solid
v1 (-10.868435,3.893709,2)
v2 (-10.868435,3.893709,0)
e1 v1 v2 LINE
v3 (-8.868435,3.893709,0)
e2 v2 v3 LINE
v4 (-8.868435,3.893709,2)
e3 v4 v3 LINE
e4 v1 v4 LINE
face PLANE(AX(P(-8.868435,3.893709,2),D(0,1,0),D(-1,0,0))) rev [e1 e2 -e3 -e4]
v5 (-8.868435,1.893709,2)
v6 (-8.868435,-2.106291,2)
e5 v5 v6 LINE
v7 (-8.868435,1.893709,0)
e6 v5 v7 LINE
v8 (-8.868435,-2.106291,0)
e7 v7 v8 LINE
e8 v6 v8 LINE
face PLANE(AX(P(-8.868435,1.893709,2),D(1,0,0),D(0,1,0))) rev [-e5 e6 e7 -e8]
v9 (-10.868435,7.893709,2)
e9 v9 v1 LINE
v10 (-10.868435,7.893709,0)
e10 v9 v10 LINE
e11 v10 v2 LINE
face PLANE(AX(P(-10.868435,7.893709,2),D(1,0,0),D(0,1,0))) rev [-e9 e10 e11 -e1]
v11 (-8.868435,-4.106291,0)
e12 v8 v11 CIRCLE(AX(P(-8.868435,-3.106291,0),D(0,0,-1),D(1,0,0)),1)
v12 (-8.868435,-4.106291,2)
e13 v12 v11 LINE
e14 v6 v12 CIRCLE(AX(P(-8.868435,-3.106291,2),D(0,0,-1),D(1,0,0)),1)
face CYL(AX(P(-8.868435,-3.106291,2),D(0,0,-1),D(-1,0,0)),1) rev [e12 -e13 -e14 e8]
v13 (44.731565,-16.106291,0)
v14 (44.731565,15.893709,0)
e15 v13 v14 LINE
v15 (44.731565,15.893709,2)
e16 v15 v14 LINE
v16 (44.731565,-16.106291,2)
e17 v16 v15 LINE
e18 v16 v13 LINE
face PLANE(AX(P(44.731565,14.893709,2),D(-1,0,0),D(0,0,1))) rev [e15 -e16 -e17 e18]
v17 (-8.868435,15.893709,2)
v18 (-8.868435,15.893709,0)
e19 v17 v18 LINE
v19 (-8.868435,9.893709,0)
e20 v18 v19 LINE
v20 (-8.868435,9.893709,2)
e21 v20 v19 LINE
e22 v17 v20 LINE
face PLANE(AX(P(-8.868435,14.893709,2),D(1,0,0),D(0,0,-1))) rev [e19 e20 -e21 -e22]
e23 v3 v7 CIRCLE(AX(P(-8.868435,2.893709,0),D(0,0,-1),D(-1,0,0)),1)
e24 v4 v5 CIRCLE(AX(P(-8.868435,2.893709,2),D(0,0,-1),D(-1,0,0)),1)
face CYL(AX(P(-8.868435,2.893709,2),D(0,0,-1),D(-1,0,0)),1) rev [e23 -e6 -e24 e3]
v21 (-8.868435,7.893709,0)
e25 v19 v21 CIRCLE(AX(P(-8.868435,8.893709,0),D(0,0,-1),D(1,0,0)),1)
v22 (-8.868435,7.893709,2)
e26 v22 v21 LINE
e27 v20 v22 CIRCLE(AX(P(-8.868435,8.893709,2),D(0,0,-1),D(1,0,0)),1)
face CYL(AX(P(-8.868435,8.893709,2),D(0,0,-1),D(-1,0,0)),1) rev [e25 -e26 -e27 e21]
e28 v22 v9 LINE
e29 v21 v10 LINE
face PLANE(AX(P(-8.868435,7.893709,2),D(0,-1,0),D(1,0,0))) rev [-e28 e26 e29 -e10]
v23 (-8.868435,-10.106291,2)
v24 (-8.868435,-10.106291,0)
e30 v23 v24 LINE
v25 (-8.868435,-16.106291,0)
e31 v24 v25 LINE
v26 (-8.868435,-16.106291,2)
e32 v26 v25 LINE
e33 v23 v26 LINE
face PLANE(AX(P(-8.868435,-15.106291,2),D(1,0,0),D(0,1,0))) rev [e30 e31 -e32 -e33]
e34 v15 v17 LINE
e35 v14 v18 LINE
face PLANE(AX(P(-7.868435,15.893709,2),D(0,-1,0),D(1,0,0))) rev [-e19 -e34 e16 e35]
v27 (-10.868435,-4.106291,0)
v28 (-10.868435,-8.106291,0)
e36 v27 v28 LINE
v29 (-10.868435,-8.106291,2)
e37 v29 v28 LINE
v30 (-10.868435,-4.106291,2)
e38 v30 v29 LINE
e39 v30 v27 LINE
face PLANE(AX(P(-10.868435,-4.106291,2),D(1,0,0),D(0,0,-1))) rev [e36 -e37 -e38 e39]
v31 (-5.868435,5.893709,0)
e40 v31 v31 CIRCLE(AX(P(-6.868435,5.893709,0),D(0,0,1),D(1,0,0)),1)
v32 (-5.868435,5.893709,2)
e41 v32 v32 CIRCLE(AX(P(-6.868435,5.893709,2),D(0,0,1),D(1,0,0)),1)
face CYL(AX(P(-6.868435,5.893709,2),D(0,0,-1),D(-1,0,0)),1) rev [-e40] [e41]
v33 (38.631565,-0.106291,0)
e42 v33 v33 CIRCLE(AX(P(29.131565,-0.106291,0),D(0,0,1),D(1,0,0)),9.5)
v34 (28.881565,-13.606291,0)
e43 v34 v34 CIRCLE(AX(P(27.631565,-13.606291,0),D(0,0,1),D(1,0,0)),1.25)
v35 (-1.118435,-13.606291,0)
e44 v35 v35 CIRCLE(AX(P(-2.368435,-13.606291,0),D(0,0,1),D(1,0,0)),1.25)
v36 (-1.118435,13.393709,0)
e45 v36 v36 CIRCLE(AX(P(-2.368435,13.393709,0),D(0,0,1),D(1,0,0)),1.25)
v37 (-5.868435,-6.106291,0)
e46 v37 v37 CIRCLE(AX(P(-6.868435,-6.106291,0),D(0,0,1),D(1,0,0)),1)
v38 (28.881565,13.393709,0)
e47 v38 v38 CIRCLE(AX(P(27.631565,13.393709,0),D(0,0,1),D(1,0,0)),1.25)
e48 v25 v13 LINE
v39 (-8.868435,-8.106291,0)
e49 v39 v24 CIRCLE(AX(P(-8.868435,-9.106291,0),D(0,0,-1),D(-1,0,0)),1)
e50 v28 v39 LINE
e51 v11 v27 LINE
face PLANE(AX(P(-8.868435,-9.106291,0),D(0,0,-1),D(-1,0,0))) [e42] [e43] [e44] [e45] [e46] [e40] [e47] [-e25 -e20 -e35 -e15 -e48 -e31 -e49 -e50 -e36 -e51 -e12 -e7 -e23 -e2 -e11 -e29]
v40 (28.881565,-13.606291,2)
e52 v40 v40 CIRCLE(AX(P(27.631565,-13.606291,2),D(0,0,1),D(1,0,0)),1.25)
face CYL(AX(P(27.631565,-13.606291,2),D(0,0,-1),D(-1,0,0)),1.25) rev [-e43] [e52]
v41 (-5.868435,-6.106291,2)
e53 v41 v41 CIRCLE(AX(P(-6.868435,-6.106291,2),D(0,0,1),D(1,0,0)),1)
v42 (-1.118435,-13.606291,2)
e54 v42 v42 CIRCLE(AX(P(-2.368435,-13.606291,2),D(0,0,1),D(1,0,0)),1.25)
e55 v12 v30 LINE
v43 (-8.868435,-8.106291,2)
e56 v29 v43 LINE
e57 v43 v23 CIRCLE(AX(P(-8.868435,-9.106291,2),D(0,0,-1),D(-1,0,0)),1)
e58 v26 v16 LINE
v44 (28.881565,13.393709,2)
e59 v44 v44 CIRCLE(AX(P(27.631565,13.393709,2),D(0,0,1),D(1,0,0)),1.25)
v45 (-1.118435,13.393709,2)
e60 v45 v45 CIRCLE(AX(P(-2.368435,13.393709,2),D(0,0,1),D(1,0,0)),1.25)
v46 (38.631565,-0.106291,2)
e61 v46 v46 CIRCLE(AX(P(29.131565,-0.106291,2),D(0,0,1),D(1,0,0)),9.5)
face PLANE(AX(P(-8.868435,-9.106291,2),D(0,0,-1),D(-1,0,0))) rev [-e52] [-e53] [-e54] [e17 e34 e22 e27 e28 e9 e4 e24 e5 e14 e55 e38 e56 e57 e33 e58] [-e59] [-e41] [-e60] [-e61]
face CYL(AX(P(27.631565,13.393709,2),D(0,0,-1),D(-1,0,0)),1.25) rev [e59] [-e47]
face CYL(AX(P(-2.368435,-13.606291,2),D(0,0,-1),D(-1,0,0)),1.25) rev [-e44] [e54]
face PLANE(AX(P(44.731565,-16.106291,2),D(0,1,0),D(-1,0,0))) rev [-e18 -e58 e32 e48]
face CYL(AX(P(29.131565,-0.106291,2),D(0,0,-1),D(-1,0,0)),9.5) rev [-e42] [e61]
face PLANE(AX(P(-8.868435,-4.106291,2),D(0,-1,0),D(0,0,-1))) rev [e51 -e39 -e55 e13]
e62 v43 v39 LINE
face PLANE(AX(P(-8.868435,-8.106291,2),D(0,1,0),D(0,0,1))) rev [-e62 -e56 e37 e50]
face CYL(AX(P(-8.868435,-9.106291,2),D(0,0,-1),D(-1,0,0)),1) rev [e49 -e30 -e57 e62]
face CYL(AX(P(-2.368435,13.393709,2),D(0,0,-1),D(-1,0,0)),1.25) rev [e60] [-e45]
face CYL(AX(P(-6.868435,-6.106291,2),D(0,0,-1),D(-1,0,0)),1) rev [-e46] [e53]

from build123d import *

# Parameters (mm, degrees)
SKETCH_1_R      = 1
SKETCH_1_R_2    = 1.25
SKETCH_1_R_3    = 9.5
EXTRUDE_1_DEPTH = 2


with BuildPart() as part:
    # 草圖1 → 填料-伸長1 (new body)
    with BuildSketch(Plane.XY):
        with BuildLine():
            Line((-8.868434636, 14.893709246), (-8.868434636, 15.893709246))
            Line((-8.868434636, 15.893709246), (-7.868434636, 15.893709246))
            Line((-7.868434636, 15.893709246), (43.781565364, 15.893709246))
            Line((43.781565364, 15.893709246), (44.731565364, 15.893709246))
            Line((44.731565364, 15.893709246), (44.731565364, 14.893709246))
            Line((44.731565364, 14.893709246), (44.731565364, -15.106290754))
            Line((44.731565364, -15.106290754), (44.731565364, -16.106290754))
            Line((44.731565364, -16.106290754), (43.781565364, -16.106290754))
            Line((43.781565364, -16.106290754), (-7.868434636, -16.106290754))
            Line((-7.868434636, -16.106290754), (-8.868434636, -16.106290754))
            Line((-8.868434636, -16.106290754), (-8.868434636, -15.106290754))
            Line((-8.868434636, -15.106290754), (-8.868434636, -10.106290754))
            ThreePointArc((-8.868434636, -10.106290754), (-7.868434636, -9.106290754), (-8.868434636, -8.106290754))
            Line((-8.868434636, -8.106290754), (-10.868434636, -8.106290754))
            Line((-10.868434636, -8.106290754), (-10.868434636, -4.106290754))
            Line((-10.868434636, -4.106290754), (-8.868434636, -4.106290754))
            ThreePointArc((-8.868434636, -4.106290754), (-7.868434636, -3.106290754), (-8.868434636, -2.106290754))
            Line((-8.868434636, -2.106290754), (-8.868434636, 1.893709246))
            ThreePointArc((-8.868434636, 1.893709246), (-7.868434636, 2.893709246), (-8.868434636, 3.893709246))
            Line((-8.868434636, 3.893709246), (-10.868434636, 3.893709246))
            Line((-10.868434636, 3.893709246), (-10.868434636, 7.893709246))
            Line((-10.868434636, 7.893709246), (-8.868434636, 7.893709246))
            ThreePointArc((-8.868434636, 7.893709246), (-7.868434636, 8.893709246), (-8.868434636, 9.893709246))
            Line((-8.868434636, 9.893709246), (-8.868434636, 14.893709246))
        make_face()
        with Locations((-6.868434636, 5.893709246)):
            Circle(SKETCH_1_R, mode=Mode.SUBTRACT)
        with Locations((-6.868434636, -6.106290754)):
            Circle(SKETCH_1_R, mode=Mode.SUBTRACT)
        with Locations((-2.368434636, 13.393709246)):
            Circle(SKETCH_1_R_2, mode=Mode.SUBTRACT)
        with Locations((-2.368434636, -13.606290754)):
            Circle(SKETCH_1_R_2, mode=Mode.SUBTRACT)
        with Locations((27.631565364, 13.393709246)):
            Circle(SKETCH_1_R_2, mode=Mode.SUBTRACT)
        with Locations((27.631565364, -13.606290754)):
            Circle(SKETCH_1_R_2, mode=Mode.SUBTRACT)
        with Locations((29.131565364, -0.106290754)):
            Circle(SKETCH_1_R_3, mode=Mode.SUBTRACT)
    extrude(amount=EXTRUDE_1_DEPTH)


solid = part.part
